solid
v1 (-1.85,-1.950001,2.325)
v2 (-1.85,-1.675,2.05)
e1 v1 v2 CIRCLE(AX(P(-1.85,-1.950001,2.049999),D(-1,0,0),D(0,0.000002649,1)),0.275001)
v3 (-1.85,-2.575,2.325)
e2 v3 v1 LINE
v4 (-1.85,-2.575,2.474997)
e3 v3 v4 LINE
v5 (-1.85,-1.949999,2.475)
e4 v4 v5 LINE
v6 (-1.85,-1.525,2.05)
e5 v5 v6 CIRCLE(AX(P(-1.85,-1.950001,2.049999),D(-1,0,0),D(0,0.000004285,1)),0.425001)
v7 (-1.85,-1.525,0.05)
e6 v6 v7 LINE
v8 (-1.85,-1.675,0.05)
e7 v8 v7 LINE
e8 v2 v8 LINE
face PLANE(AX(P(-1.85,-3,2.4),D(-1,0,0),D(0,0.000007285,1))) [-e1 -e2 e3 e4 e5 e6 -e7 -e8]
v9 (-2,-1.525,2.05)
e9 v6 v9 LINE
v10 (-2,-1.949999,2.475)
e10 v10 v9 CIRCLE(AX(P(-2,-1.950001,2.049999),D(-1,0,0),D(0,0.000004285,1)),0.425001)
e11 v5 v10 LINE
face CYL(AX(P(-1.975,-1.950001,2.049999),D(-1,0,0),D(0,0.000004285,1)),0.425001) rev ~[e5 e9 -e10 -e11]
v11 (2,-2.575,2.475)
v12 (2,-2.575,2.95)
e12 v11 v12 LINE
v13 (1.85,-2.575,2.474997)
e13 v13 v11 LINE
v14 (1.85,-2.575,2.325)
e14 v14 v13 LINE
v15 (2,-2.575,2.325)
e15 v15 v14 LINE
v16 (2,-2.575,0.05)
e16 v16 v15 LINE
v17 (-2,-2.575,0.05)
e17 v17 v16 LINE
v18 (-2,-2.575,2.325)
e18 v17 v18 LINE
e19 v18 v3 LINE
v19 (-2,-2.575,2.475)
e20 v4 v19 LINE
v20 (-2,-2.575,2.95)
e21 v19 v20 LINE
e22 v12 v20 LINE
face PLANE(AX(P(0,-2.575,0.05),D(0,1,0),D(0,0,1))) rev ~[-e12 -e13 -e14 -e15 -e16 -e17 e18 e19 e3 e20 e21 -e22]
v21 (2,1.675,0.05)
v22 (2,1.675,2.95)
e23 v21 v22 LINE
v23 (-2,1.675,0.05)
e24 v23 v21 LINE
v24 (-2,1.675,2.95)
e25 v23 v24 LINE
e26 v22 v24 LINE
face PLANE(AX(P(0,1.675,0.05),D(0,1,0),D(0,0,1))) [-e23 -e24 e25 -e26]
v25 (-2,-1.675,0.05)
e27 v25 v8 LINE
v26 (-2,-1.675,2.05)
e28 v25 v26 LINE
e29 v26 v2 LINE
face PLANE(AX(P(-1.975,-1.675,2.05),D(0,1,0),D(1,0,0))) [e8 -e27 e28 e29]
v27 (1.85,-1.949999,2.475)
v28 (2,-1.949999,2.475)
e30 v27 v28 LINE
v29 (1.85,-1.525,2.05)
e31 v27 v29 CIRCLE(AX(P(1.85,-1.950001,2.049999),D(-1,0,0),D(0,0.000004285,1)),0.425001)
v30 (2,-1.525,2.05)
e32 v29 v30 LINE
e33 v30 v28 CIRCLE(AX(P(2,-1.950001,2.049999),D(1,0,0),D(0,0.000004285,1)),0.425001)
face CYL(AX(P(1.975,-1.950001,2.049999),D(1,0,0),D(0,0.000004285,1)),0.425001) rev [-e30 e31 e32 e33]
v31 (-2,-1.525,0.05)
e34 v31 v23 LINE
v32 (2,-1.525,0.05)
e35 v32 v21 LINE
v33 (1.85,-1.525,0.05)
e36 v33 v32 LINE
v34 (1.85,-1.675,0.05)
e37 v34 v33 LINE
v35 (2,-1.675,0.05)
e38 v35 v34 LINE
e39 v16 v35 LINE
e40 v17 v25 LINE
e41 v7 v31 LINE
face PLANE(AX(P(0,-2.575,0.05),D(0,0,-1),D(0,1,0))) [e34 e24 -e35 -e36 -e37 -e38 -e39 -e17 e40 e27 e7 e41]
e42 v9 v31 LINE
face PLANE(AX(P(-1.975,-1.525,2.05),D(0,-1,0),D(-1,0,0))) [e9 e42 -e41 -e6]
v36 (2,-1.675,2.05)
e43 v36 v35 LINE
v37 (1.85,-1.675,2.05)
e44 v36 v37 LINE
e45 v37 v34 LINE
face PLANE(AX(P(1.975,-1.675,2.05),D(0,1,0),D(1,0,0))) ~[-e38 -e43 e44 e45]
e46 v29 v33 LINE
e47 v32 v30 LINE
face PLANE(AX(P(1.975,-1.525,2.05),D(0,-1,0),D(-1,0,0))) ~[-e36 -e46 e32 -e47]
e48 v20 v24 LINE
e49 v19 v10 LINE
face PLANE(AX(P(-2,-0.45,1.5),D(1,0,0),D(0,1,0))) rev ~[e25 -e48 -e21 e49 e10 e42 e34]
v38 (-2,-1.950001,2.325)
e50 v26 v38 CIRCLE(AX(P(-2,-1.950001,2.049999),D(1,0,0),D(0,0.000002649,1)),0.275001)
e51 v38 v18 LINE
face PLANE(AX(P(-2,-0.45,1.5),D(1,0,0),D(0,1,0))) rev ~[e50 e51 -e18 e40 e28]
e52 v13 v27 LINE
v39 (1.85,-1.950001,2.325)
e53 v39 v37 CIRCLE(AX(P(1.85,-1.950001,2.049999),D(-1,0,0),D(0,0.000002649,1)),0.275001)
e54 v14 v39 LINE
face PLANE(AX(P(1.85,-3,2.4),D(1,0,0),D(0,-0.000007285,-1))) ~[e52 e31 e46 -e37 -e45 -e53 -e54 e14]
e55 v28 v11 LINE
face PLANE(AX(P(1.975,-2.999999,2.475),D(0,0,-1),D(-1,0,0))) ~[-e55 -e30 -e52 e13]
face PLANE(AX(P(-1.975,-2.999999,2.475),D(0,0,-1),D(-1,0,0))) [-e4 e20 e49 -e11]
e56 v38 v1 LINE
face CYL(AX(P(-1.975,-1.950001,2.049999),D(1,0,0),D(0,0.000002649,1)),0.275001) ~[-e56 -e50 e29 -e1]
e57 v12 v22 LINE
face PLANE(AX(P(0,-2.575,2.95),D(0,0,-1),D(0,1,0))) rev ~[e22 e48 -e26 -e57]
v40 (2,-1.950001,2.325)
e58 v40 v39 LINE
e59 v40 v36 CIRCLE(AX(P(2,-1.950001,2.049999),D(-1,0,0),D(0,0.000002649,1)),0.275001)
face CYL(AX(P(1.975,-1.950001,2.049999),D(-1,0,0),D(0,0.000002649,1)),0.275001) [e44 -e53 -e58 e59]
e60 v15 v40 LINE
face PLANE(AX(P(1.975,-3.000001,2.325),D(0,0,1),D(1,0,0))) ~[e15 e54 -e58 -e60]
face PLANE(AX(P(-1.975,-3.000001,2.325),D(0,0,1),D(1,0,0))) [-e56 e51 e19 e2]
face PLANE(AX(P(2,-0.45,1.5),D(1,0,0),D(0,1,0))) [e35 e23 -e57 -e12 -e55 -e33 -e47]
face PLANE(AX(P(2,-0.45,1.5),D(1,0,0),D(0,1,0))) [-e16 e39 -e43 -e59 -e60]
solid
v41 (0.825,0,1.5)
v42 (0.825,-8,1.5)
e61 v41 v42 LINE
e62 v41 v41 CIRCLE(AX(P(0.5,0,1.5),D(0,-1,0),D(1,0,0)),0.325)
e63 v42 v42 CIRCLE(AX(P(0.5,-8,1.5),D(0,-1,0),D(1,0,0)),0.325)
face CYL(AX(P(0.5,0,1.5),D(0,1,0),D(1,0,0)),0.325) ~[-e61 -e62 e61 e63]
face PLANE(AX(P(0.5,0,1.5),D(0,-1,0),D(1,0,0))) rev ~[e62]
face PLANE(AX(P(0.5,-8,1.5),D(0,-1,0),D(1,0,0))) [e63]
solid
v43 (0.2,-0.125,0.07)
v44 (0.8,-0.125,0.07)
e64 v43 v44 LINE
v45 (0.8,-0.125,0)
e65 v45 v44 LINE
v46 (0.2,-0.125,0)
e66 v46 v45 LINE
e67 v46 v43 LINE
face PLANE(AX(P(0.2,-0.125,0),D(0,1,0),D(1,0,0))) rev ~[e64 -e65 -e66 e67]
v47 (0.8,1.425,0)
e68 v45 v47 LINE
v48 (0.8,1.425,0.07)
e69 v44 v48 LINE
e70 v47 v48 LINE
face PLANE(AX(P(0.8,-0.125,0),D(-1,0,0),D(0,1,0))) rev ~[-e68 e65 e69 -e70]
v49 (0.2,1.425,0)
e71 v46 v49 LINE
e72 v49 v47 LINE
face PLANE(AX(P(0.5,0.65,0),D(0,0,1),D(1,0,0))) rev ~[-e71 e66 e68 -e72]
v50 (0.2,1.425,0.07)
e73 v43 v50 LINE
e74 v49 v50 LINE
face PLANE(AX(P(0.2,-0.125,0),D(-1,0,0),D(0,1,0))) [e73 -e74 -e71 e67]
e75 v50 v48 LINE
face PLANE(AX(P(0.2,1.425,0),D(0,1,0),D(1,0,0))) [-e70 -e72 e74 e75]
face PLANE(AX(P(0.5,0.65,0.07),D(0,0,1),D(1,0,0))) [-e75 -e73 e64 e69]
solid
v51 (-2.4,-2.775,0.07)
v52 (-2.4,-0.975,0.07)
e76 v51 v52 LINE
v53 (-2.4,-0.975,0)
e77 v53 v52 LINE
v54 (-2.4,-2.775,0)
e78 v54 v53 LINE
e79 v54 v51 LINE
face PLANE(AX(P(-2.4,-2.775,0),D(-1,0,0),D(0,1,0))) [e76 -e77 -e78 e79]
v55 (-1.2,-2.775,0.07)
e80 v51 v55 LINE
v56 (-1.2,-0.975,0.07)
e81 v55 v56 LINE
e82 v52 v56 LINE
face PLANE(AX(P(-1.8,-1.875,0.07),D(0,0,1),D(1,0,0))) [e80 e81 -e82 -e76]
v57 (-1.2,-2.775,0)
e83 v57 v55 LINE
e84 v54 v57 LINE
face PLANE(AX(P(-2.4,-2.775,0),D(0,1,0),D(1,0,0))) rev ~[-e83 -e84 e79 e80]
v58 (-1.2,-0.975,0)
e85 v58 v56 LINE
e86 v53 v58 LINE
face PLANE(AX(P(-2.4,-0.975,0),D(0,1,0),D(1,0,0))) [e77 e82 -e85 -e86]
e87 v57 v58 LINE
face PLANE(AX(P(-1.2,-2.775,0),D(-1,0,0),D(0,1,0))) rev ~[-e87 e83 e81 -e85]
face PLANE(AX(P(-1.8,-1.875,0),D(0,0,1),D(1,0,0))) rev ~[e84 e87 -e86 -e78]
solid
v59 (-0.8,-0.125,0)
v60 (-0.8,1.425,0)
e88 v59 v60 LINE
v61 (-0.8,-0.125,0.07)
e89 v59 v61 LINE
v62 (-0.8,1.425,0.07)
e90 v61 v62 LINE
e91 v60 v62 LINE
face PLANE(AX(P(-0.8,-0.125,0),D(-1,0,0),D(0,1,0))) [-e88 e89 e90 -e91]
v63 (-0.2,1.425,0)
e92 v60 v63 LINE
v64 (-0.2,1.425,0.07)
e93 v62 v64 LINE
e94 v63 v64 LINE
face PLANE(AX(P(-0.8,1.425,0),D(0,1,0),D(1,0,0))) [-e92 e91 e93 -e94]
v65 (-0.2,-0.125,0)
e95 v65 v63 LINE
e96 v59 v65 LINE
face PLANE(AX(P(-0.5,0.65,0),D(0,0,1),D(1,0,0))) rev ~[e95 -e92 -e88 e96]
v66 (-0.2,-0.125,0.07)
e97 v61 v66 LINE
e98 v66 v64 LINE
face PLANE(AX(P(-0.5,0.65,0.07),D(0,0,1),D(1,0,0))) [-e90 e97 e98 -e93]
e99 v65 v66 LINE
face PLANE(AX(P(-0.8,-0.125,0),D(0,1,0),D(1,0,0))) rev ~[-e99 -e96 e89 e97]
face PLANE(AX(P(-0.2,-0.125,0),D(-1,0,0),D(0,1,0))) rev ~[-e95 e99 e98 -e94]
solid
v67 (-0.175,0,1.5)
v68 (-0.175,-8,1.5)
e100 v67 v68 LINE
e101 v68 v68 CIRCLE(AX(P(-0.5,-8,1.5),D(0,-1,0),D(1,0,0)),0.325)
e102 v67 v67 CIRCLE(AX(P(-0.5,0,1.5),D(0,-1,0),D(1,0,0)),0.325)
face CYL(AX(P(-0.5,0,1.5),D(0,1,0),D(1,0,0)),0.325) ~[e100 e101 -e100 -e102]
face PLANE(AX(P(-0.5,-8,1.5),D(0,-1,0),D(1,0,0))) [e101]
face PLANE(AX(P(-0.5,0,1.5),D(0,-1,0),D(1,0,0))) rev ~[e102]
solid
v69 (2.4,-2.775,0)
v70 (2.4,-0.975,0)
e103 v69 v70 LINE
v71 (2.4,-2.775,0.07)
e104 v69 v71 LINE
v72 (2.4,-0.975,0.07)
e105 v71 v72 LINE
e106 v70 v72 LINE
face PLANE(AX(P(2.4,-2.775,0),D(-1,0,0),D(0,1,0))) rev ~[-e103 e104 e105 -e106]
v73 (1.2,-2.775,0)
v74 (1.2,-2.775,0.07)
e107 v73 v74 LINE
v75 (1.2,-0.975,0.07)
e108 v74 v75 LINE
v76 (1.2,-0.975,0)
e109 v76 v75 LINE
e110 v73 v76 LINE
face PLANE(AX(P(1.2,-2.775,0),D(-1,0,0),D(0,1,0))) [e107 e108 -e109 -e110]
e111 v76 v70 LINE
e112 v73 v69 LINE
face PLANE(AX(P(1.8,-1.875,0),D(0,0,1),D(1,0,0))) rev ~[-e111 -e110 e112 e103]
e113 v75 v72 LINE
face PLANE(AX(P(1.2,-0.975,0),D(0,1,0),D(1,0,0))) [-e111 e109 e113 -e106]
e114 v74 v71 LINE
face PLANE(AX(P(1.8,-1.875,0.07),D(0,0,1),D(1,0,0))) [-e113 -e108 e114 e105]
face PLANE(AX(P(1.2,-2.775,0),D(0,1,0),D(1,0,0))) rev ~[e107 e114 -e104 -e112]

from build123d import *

# Parameters (mm, degrees)
SKETCH_W     = 4.25
SKETCH_H     = 2.9
PAD_DEPTH    = 2
SKETCH004_W  = 0.25
SKETCH004_H  = 0.15
SKETCH001_R  = 0.325
PAD001_DEPTH = 8
SKETCH002_R  = 0.325
PAD002_DEPTH = 8
SKETCH005_W  = 1.2
SKETCH005_H  = 1.8
PAD003_DEPTH = 0.07
SKETCH006_W  = 0.6
SKETCH006_H  = 1.55
PAD004_DEPTH = 0.07
SKETCH007_W  = 0.6
SKETCH007_H  = 1.55
PAD005_DEPTH = 0.07
SKETCH008_W  = 1.2
SKETCH008_H  = 1.8
PAD006_DEPTH = 0.07


with BuildPart() as housing:
    # Sketch → Pad (new body, symmetric)
    with BuildSketch(Plane.YZ):
        with Locations((-0.45, 1.5)):
            Rectangle(SKETCH_W, SKETCH_H)
    extrude(amount=PAD_DEPTH, both=True)

    # SubtractivePipe: sweep along a path in Sketch003
    with BuildLine(Plane.YZ) as subtractivepipe_path:
        Line((-3, 2.4), (-1.95, 2.4))
        ThreePointArc((-1.95, 2.4), (-1.702513, 2.297487), (-1.6, 2.05))
        Line((-1.6, 2.05), (-1.6, 0))
    # Sketch004 → SubtractivePipe (sweep, cut)
    with BuildSketch(Plane.XY):
        with Locations((-1.975, -1.6)):
            Rectangle(SKETCH004_W, SKETCH004_H)
    subtractivepipe = sweep(path=subtractivepipe_path.line, mode=Mode.SUBTRACT)

    # Mirrored: SubtractivePipe across YZ
    add(subtractivepipe.mirror(Plane.YZ), mode=Mode.SUBTRACT)


with BuildPart() as body001:
    # Sketch001 → Pad001 (new body)
    with BuildSketch(Plane.XZ):
        with Locations((-0.5, 1.5)):
            Circle(SKETCH001_R)
    extrude(amount=PAD001_DEPTH)


with BuildPart() as body002:
    # Sketch002 → Pad002 (new body)
    with BuildSketch(Plane.XZ):
        with Locations((-0.5, 1.5)):
            Circle(SKETCH002_R)
    extrude(amount=PAD002_DEPTH)


with BuildPart() as body002_1:
    # Body002 placement: moved
    add(body002.part.moved(Location((1, 0, 0))))


with BuildPart() as pad1:
    # Sketch005 → Pad003 (new body)
    with BuildSketch(Plane.XY):
        with Locations((-1.8, -1.875)):
            Rectangle(SKETCH005_W, SKETCH005_H)
    extrude(amount=PAD003_DEPTH)


with BuildPart() as pad2:
    # Sketch006 → Pad004 (new body)
    with BuildSketch(Plane.XY):
        with Locations((-0.5, 0.65)):
            Rectangle(SKETCH006_W, SKETCH006_H)
    extrude(amount=PAD004_DEPTH)


with BuildPart() as pad3:
    # Sketch007 → Pad005 (new body)
    with BuildSketch(Plane.XY):
        with Locations((0.5, 0.65)):
            Rectangle(SKETCH007_W, SKETCH007_H)
    extrude(amount=PAD005_DEPTH)


with BuildPart() as pad4:
    # Sketch008 → Pad006 (new body)
    with BuildSketch(Plane.XY):
        with Locations((1.8, -1.875)):
            Rectangle(SKETCH008_W, SKETCH008_H)
    extrude(amount=PAD006_DEPTH)


solid = Compound([housing.part, body001.part, body002_1.part, pad1.part, pad2.part, pad3.part, pad4.part])
